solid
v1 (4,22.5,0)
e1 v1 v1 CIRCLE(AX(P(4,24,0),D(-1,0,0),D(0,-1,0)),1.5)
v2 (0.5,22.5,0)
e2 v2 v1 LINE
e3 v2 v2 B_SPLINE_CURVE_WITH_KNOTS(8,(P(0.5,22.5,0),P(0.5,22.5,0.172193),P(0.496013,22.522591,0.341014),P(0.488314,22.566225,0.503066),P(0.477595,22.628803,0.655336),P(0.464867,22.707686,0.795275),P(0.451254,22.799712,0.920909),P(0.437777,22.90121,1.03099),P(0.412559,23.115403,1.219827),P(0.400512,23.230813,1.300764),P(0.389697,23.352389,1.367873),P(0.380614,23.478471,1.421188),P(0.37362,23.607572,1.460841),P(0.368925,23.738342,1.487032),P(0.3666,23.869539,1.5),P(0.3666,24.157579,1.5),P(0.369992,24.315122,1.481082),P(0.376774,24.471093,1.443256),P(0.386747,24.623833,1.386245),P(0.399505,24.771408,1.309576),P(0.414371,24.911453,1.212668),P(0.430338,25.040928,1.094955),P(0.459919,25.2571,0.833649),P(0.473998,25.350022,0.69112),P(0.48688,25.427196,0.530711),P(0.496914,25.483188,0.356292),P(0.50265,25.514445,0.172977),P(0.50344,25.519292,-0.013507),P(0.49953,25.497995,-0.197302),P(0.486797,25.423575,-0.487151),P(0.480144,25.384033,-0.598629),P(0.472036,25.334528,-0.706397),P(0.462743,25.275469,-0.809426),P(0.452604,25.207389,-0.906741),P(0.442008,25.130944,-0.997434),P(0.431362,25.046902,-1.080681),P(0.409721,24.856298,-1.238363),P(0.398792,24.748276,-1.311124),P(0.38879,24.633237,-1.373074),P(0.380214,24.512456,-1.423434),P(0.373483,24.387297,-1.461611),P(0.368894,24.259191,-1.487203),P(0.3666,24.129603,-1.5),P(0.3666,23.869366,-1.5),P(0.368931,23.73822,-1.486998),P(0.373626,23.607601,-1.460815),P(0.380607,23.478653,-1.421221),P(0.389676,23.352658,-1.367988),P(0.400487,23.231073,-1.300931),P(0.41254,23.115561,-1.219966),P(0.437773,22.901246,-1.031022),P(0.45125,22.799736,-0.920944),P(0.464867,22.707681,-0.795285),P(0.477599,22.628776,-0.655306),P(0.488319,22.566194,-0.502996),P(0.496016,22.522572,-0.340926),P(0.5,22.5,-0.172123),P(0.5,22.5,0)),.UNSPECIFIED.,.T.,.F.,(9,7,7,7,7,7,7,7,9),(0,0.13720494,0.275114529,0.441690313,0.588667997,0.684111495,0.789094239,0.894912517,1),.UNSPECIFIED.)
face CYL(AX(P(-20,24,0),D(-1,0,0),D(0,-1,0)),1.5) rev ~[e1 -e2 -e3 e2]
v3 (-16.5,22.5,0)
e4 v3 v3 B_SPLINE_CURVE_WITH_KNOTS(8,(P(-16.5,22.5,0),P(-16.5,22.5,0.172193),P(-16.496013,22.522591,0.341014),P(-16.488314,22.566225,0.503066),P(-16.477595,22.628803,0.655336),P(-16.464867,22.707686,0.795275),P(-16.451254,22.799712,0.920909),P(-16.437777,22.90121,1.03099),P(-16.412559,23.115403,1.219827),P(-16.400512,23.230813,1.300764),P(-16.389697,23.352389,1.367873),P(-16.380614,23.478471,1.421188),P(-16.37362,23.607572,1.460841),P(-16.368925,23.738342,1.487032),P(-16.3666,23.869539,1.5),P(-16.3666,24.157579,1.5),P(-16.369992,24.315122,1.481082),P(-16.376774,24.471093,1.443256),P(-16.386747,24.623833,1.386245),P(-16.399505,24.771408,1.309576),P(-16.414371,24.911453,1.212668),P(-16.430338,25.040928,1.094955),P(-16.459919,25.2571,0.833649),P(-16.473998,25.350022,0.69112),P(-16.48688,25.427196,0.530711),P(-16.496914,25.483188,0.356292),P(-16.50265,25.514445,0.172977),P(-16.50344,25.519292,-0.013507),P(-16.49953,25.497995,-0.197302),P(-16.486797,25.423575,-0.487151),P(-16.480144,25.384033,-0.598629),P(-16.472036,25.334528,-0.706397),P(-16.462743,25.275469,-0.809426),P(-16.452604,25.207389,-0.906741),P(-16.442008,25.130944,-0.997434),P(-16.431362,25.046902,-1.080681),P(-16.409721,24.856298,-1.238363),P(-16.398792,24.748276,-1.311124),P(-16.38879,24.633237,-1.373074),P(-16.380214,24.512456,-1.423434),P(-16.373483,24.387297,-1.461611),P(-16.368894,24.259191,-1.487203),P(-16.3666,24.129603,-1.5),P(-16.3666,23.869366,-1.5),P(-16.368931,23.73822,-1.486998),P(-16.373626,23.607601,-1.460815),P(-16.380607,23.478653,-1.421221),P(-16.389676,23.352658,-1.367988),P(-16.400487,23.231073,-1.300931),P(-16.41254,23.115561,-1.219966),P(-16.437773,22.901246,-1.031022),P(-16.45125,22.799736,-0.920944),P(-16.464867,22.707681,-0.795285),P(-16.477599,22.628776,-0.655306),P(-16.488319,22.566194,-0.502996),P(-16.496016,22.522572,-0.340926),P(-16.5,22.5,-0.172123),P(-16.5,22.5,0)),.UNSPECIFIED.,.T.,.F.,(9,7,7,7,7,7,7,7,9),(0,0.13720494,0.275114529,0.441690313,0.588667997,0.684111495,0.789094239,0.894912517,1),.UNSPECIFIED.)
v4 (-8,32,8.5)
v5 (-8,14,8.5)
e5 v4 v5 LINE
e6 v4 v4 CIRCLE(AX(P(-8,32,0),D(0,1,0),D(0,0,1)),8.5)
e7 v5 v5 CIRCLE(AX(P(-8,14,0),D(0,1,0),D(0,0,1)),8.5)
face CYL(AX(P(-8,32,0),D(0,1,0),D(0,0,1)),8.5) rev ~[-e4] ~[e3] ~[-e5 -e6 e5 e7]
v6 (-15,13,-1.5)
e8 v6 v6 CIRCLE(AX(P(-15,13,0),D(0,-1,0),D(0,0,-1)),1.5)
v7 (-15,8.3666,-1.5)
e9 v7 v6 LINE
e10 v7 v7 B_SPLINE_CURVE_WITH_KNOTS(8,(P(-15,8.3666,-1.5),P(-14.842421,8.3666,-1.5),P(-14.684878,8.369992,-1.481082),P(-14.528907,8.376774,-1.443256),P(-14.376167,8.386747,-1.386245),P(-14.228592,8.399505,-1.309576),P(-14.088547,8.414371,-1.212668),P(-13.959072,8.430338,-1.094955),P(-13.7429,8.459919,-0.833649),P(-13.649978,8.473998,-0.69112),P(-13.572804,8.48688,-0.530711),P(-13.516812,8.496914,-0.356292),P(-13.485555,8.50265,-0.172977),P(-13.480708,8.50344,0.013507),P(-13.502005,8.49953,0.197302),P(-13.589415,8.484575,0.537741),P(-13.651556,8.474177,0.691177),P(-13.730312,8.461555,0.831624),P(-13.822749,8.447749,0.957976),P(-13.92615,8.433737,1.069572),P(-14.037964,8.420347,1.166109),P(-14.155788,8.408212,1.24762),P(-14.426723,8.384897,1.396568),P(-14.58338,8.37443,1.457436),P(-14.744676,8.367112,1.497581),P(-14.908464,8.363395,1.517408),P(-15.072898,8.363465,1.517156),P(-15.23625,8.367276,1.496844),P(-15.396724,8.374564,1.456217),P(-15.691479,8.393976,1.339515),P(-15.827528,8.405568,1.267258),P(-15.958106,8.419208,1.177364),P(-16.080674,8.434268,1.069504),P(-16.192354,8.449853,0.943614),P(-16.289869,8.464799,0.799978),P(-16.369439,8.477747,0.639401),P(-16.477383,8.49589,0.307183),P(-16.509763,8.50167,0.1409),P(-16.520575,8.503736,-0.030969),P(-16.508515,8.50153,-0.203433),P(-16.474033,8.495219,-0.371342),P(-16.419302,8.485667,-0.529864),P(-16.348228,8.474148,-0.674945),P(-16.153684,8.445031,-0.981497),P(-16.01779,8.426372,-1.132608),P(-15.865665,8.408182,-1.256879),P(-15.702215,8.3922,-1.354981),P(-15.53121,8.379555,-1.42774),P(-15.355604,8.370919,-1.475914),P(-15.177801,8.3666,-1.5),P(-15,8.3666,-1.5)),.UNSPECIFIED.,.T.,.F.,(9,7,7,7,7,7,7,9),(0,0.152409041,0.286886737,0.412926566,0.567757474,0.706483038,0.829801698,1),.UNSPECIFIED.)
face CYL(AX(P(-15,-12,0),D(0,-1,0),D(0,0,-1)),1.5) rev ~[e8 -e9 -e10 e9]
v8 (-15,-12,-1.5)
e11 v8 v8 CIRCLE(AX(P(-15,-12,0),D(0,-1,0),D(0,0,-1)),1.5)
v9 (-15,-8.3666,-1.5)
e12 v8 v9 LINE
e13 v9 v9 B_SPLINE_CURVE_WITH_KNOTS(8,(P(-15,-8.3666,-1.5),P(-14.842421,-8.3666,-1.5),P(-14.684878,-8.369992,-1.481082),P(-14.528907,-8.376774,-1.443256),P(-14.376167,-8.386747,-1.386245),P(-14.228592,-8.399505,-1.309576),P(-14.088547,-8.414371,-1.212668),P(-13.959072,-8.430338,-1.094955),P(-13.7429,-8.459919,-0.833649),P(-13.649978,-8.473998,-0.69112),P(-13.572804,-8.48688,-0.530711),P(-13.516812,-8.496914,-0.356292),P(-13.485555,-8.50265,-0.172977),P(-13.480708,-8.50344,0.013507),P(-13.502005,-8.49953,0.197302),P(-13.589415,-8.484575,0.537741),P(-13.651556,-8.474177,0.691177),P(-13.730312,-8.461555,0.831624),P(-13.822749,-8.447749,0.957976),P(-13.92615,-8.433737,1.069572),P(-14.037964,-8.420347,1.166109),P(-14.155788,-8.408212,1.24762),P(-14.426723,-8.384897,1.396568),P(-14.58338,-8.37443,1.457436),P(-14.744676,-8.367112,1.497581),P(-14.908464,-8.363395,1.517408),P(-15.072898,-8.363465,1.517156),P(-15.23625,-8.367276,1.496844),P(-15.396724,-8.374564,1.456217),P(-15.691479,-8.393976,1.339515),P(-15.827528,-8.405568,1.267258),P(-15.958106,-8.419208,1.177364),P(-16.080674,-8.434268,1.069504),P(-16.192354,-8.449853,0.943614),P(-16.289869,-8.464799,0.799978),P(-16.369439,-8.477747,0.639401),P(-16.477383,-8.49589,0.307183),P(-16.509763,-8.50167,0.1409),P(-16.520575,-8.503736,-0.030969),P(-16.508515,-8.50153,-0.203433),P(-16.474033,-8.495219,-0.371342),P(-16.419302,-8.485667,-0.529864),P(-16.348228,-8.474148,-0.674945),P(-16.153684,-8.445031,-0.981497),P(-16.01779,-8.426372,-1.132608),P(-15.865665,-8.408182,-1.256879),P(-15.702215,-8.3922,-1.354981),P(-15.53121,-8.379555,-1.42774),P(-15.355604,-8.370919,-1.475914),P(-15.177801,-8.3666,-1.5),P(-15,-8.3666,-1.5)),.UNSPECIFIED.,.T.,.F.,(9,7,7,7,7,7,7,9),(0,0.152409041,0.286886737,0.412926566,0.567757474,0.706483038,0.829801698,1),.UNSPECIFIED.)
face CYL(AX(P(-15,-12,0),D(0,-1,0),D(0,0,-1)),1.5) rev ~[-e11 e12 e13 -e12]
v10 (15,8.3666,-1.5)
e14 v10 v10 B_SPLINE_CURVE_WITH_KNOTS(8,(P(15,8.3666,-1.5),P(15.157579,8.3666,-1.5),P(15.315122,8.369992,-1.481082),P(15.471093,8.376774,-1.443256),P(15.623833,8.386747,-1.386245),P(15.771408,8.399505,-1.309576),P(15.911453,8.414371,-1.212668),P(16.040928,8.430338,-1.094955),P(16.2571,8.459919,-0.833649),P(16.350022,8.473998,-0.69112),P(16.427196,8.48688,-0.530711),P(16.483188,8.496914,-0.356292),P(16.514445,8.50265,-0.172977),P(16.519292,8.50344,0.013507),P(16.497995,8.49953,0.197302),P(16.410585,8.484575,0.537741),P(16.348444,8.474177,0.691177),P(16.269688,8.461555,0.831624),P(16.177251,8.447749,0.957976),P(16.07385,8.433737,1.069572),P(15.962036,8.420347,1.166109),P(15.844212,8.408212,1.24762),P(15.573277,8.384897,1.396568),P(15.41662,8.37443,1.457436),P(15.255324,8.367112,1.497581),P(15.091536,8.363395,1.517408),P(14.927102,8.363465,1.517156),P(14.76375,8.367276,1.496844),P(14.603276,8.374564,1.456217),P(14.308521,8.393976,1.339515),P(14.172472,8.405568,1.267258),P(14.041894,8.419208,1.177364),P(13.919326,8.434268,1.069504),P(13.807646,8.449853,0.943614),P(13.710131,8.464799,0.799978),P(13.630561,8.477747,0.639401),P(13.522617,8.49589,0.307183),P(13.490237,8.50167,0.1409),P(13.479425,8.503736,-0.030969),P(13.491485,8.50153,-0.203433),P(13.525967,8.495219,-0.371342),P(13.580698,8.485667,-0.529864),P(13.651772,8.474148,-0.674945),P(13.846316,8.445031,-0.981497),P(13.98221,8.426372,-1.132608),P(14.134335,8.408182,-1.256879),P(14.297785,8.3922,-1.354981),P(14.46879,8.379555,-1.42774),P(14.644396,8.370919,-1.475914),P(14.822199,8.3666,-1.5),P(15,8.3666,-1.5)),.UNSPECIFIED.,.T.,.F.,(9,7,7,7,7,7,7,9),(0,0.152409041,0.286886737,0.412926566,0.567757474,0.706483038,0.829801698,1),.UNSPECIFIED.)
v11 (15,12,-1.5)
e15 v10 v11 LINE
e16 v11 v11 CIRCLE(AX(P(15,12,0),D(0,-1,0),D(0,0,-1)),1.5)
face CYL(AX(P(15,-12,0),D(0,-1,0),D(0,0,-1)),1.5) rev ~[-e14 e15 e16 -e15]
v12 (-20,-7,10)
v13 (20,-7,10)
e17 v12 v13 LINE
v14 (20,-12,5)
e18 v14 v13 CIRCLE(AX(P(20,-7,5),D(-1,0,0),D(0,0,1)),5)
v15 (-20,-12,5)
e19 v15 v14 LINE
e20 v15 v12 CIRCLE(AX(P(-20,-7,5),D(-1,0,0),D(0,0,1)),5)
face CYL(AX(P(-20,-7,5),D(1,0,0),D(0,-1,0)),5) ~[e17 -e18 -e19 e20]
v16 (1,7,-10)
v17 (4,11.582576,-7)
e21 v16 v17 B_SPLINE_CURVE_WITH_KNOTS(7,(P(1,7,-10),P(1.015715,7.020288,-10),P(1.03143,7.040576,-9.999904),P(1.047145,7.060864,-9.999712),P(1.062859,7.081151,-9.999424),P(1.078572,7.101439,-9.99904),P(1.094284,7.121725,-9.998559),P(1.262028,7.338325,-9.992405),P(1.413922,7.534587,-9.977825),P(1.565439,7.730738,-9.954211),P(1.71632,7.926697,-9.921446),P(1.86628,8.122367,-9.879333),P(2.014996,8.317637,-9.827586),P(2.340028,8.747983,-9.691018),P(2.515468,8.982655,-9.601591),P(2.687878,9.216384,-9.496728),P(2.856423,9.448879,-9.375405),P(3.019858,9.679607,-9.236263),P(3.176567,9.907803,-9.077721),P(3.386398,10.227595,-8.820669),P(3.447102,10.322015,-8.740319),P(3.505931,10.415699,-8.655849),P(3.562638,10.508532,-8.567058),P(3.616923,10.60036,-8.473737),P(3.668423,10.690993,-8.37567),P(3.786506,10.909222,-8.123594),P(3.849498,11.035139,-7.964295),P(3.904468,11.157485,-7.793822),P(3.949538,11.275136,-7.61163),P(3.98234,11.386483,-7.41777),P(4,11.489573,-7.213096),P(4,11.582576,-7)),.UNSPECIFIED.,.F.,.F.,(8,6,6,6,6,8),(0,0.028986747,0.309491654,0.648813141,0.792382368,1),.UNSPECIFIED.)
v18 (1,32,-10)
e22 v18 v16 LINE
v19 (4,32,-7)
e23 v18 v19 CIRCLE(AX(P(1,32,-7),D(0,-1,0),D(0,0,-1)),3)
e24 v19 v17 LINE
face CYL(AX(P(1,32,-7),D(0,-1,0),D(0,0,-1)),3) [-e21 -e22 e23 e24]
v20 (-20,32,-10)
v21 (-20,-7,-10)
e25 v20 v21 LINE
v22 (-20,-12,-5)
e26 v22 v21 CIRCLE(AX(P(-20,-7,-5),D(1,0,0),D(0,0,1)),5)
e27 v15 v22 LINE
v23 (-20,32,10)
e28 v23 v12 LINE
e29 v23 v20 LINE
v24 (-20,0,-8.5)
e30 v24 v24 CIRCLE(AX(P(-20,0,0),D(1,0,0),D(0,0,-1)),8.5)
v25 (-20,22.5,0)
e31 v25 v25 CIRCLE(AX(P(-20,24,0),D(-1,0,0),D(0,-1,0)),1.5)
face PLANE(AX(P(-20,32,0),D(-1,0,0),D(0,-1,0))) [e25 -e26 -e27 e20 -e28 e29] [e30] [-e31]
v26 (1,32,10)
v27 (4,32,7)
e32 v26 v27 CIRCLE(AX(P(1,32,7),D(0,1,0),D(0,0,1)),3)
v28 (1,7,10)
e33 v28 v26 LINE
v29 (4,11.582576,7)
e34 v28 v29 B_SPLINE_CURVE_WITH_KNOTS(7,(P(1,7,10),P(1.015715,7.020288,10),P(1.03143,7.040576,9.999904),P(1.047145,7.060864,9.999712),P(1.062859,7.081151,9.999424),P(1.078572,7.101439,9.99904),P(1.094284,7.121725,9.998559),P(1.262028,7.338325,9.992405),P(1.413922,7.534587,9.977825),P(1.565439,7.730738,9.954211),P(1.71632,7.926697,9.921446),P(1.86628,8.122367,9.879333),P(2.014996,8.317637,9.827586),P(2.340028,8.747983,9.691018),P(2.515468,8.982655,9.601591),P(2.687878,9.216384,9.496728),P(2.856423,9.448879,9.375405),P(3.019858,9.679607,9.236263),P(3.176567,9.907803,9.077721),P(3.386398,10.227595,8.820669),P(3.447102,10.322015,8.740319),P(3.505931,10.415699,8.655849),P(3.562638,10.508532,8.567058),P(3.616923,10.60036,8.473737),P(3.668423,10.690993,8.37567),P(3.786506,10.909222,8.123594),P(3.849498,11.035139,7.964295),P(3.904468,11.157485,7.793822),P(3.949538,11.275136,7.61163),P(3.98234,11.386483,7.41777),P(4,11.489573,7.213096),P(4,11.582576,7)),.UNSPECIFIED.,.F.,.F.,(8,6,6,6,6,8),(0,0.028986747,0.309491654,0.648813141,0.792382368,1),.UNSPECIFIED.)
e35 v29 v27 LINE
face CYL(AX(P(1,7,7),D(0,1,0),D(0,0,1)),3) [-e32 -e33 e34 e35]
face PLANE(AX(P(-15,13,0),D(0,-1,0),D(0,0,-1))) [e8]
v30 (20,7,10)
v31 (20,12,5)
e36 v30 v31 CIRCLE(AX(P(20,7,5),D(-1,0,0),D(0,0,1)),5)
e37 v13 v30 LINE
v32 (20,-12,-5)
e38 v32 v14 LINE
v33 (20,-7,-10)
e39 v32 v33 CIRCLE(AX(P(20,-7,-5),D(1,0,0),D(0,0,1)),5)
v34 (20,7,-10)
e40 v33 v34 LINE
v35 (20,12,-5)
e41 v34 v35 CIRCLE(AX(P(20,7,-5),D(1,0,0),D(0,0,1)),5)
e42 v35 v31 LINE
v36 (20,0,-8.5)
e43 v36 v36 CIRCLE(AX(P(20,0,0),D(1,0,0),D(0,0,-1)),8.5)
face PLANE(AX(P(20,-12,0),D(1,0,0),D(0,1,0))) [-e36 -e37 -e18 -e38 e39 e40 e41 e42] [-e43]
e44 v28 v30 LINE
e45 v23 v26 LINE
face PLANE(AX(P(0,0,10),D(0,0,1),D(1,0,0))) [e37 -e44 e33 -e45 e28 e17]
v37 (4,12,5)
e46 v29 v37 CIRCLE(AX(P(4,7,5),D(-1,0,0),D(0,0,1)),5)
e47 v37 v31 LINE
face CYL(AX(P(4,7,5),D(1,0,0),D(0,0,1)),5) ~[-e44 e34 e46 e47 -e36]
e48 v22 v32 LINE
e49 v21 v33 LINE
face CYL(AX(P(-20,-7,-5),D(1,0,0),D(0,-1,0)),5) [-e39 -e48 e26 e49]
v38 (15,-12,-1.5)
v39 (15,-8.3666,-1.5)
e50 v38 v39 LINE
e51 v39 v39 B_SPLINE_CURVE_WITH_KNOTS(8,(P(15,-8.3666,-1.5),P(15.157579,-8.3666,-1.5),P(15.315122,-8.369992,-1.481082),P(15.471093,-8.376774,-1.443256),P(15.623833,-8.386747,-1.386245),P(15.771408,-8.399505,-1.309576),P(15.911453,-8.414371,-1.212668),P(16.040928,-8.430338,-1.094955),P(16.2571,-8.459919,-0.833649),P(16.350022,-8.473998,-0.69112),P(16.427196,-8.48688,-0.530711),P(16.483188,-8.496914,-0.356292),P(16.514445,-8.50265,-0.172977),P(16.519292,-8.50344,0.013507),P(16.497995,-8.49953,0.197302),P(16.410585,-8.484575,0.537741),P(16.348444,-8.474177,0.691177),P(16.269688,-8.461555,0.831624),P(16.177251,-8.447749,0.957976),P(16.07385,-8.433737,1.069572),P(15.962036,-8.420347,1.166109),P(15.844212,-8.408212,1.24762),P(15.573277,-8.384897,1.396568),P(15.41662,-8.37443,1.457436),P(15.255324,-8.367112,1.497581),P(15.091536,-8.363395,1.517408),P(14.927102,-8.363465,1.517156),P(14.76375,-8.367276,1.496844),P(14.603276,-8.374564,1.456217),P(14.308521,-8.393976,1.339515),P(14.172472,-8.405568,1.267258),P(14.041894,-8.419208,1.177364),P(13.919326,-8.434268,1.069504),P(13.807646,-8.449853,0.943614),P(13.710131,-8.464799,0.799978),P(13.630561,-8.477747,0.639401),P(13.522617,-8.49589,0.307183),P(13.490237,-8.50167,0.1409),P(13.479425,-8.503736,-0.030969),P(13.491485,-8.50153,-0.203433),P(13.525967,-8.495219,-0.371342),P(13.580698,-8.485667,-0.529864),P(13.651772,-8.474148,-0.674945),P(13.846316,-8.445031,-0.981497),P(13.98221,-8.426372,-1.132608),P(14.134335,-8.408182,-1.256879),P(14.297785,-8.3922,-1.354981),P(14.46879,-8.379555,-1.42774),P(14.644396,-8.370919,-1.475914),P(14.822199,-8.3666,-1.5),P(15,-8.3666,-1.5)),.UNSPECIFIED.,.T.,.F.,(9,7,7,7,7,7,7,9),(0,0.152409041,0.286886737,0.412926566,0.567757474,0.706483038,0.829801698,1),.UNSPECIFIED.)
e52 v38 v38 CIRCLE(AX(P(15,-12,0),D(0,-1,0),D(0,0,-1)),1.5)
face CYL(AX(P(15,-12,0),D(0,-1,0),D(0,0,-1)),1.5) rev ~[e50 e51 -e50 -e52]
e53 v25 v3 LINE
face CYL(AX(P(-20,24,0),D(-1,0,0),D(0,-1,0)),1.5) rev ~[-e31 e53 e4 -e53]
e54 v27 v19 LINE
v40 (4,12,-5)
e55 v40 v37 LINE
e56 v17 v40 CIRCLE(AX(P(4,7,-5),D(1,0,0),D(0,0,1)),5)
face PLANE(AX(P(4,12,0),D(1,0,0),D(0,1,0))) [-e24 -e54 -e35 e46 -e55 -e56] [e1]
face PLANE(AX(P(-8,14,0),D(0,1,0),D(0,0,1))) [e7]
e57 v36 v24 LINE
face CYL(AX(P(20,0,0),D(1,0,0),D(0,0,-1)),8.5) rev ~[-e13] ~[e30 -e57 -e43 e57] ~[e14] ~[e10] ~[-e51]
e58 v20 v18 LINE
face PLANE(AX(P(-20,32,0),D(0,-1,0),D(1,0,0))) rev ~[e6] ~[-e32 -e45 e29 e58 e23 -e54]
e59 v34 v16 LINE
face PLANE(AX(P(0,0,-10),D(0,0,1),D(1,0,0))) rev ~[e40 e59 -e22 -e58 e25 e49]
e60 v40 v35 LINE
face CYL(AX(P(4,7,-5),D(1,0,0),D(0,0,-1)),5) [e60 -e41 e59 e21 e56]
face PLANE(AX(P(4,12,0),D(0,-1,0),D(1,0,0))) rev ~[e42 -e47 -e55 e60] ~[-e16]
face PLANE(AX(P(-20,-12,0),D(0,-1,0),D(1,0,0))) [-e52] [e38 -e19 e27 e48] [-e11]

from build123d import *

# Parameters (mm, degrees)
CROQUIS1_W              = 40
CROQUIS1_H              = 24
CROQUIS1_W_2            = 24
CROQUIS1_H_2            = 20
SALIENTE_EXTRUIR1_DEPTH = 10
CROQUIS3_R              = 8.5
CORTAR_EXTRUIR1_DEPTH   = 70
CROQUIS4_R              = 8.5
CORTAR_EXTRUIR2_DEPTH   = 18
CROQUIS5_R              = 1.5
CORTAR_EXTRUIR3_DEPTH   = 25
CROQUIS6_R              = 1.5
CORTAR_EXTRUIR4_DEPTH   = 30
REDONDEO1_R             = 5
REDONDEO2_R             = 3


with BuildPart() as part:
    # Croquis1 → Saliente-Extruir1 (new, symmetric)
    with BuildSketch(Plane.XY):
        Rectangle(CROQUIS1_W, CROQUIS1_H)
        with Locations((-8, 22)):
            Rectangle(CROQUIS1_W_2, CROQUIS1_H_2)
    extrude(amount=SALIENTE_EXTRUIR1_DEPTH, both=True)

    # Croquis3 → Cortar-Extruir1 (cut)
    with BuildSketch(Plane(origin=(20, 0, 0), x_dir=(0, 0, -1), z_dir=(1, 0, 0))):
        Circle(CROQUIS3_R)
    extrude(amount=-CORTAR_EXTRUIR1_DEPTH, mode=Mode.SUBTRACT)

    # Croquis4 → Cortar-Extruir2 (cut)
    with BuildSketch(Plane(origin=(0, 32, 0), x_dir=(1, 0, 0), z_dir=(0, 1, 0))):
        with Locations(Location((-8, 0, 0), (0, 0, 270))):
            Circle(CROQUIS4_R)
    extrude(amount=-CORTAR_EXTRUIR2_DEPTH, mode=Mode.SUBTRACT)

    # Croquis5 → Cortar-Extruir3 (cut)
    with BuildSketch(Plane.XZ.offset(12)):
        with Locations(Location((-15, 0, 0), (0, 0, 270))):
            Circle(CROQUIS5_R)
        with Locations(Location((15, 0, 0), (0, 0, 270))):
            Circle(CROQUIS5_R)
    extrude(amount=-CORTAR_EXTRUIR3_DEPTH, mode=Mode.SUBTRACT)

    # Croquis6 → Cortar-Extruir4 (cut)
    with BuildSketch(Plane.ZY.offset(20)):
        with Locations(Location((0, 24, 0), (0, 0, 270))):
            Circle(CROQUIS6_R)
    extrude(amount=-CORTAR_EXTRUIR4_DEPTH, mode=Mode.SUBTRACT)

    # Redondeo1
    redondeo1_edges = [part.edges().sort_by_distance(p)[0] for p in [
        (0, -12, -10),
        (12, 12, 10),
        (0, -12, 10),
        (12, 12, -10),
    ]]
    fillet(redondeo1_edges, radius=REDONDEO1_R)

    # Redondeo2
    redondeo2_edges = [part.edges().sort_by_distance(p)[0] for p in [
        (4, 19.5, 10),
        (4, 19.5, -10),
    ]]
    fillet(redondeo2_edges, radius=REDONDEO2_R)


solid = part.part
